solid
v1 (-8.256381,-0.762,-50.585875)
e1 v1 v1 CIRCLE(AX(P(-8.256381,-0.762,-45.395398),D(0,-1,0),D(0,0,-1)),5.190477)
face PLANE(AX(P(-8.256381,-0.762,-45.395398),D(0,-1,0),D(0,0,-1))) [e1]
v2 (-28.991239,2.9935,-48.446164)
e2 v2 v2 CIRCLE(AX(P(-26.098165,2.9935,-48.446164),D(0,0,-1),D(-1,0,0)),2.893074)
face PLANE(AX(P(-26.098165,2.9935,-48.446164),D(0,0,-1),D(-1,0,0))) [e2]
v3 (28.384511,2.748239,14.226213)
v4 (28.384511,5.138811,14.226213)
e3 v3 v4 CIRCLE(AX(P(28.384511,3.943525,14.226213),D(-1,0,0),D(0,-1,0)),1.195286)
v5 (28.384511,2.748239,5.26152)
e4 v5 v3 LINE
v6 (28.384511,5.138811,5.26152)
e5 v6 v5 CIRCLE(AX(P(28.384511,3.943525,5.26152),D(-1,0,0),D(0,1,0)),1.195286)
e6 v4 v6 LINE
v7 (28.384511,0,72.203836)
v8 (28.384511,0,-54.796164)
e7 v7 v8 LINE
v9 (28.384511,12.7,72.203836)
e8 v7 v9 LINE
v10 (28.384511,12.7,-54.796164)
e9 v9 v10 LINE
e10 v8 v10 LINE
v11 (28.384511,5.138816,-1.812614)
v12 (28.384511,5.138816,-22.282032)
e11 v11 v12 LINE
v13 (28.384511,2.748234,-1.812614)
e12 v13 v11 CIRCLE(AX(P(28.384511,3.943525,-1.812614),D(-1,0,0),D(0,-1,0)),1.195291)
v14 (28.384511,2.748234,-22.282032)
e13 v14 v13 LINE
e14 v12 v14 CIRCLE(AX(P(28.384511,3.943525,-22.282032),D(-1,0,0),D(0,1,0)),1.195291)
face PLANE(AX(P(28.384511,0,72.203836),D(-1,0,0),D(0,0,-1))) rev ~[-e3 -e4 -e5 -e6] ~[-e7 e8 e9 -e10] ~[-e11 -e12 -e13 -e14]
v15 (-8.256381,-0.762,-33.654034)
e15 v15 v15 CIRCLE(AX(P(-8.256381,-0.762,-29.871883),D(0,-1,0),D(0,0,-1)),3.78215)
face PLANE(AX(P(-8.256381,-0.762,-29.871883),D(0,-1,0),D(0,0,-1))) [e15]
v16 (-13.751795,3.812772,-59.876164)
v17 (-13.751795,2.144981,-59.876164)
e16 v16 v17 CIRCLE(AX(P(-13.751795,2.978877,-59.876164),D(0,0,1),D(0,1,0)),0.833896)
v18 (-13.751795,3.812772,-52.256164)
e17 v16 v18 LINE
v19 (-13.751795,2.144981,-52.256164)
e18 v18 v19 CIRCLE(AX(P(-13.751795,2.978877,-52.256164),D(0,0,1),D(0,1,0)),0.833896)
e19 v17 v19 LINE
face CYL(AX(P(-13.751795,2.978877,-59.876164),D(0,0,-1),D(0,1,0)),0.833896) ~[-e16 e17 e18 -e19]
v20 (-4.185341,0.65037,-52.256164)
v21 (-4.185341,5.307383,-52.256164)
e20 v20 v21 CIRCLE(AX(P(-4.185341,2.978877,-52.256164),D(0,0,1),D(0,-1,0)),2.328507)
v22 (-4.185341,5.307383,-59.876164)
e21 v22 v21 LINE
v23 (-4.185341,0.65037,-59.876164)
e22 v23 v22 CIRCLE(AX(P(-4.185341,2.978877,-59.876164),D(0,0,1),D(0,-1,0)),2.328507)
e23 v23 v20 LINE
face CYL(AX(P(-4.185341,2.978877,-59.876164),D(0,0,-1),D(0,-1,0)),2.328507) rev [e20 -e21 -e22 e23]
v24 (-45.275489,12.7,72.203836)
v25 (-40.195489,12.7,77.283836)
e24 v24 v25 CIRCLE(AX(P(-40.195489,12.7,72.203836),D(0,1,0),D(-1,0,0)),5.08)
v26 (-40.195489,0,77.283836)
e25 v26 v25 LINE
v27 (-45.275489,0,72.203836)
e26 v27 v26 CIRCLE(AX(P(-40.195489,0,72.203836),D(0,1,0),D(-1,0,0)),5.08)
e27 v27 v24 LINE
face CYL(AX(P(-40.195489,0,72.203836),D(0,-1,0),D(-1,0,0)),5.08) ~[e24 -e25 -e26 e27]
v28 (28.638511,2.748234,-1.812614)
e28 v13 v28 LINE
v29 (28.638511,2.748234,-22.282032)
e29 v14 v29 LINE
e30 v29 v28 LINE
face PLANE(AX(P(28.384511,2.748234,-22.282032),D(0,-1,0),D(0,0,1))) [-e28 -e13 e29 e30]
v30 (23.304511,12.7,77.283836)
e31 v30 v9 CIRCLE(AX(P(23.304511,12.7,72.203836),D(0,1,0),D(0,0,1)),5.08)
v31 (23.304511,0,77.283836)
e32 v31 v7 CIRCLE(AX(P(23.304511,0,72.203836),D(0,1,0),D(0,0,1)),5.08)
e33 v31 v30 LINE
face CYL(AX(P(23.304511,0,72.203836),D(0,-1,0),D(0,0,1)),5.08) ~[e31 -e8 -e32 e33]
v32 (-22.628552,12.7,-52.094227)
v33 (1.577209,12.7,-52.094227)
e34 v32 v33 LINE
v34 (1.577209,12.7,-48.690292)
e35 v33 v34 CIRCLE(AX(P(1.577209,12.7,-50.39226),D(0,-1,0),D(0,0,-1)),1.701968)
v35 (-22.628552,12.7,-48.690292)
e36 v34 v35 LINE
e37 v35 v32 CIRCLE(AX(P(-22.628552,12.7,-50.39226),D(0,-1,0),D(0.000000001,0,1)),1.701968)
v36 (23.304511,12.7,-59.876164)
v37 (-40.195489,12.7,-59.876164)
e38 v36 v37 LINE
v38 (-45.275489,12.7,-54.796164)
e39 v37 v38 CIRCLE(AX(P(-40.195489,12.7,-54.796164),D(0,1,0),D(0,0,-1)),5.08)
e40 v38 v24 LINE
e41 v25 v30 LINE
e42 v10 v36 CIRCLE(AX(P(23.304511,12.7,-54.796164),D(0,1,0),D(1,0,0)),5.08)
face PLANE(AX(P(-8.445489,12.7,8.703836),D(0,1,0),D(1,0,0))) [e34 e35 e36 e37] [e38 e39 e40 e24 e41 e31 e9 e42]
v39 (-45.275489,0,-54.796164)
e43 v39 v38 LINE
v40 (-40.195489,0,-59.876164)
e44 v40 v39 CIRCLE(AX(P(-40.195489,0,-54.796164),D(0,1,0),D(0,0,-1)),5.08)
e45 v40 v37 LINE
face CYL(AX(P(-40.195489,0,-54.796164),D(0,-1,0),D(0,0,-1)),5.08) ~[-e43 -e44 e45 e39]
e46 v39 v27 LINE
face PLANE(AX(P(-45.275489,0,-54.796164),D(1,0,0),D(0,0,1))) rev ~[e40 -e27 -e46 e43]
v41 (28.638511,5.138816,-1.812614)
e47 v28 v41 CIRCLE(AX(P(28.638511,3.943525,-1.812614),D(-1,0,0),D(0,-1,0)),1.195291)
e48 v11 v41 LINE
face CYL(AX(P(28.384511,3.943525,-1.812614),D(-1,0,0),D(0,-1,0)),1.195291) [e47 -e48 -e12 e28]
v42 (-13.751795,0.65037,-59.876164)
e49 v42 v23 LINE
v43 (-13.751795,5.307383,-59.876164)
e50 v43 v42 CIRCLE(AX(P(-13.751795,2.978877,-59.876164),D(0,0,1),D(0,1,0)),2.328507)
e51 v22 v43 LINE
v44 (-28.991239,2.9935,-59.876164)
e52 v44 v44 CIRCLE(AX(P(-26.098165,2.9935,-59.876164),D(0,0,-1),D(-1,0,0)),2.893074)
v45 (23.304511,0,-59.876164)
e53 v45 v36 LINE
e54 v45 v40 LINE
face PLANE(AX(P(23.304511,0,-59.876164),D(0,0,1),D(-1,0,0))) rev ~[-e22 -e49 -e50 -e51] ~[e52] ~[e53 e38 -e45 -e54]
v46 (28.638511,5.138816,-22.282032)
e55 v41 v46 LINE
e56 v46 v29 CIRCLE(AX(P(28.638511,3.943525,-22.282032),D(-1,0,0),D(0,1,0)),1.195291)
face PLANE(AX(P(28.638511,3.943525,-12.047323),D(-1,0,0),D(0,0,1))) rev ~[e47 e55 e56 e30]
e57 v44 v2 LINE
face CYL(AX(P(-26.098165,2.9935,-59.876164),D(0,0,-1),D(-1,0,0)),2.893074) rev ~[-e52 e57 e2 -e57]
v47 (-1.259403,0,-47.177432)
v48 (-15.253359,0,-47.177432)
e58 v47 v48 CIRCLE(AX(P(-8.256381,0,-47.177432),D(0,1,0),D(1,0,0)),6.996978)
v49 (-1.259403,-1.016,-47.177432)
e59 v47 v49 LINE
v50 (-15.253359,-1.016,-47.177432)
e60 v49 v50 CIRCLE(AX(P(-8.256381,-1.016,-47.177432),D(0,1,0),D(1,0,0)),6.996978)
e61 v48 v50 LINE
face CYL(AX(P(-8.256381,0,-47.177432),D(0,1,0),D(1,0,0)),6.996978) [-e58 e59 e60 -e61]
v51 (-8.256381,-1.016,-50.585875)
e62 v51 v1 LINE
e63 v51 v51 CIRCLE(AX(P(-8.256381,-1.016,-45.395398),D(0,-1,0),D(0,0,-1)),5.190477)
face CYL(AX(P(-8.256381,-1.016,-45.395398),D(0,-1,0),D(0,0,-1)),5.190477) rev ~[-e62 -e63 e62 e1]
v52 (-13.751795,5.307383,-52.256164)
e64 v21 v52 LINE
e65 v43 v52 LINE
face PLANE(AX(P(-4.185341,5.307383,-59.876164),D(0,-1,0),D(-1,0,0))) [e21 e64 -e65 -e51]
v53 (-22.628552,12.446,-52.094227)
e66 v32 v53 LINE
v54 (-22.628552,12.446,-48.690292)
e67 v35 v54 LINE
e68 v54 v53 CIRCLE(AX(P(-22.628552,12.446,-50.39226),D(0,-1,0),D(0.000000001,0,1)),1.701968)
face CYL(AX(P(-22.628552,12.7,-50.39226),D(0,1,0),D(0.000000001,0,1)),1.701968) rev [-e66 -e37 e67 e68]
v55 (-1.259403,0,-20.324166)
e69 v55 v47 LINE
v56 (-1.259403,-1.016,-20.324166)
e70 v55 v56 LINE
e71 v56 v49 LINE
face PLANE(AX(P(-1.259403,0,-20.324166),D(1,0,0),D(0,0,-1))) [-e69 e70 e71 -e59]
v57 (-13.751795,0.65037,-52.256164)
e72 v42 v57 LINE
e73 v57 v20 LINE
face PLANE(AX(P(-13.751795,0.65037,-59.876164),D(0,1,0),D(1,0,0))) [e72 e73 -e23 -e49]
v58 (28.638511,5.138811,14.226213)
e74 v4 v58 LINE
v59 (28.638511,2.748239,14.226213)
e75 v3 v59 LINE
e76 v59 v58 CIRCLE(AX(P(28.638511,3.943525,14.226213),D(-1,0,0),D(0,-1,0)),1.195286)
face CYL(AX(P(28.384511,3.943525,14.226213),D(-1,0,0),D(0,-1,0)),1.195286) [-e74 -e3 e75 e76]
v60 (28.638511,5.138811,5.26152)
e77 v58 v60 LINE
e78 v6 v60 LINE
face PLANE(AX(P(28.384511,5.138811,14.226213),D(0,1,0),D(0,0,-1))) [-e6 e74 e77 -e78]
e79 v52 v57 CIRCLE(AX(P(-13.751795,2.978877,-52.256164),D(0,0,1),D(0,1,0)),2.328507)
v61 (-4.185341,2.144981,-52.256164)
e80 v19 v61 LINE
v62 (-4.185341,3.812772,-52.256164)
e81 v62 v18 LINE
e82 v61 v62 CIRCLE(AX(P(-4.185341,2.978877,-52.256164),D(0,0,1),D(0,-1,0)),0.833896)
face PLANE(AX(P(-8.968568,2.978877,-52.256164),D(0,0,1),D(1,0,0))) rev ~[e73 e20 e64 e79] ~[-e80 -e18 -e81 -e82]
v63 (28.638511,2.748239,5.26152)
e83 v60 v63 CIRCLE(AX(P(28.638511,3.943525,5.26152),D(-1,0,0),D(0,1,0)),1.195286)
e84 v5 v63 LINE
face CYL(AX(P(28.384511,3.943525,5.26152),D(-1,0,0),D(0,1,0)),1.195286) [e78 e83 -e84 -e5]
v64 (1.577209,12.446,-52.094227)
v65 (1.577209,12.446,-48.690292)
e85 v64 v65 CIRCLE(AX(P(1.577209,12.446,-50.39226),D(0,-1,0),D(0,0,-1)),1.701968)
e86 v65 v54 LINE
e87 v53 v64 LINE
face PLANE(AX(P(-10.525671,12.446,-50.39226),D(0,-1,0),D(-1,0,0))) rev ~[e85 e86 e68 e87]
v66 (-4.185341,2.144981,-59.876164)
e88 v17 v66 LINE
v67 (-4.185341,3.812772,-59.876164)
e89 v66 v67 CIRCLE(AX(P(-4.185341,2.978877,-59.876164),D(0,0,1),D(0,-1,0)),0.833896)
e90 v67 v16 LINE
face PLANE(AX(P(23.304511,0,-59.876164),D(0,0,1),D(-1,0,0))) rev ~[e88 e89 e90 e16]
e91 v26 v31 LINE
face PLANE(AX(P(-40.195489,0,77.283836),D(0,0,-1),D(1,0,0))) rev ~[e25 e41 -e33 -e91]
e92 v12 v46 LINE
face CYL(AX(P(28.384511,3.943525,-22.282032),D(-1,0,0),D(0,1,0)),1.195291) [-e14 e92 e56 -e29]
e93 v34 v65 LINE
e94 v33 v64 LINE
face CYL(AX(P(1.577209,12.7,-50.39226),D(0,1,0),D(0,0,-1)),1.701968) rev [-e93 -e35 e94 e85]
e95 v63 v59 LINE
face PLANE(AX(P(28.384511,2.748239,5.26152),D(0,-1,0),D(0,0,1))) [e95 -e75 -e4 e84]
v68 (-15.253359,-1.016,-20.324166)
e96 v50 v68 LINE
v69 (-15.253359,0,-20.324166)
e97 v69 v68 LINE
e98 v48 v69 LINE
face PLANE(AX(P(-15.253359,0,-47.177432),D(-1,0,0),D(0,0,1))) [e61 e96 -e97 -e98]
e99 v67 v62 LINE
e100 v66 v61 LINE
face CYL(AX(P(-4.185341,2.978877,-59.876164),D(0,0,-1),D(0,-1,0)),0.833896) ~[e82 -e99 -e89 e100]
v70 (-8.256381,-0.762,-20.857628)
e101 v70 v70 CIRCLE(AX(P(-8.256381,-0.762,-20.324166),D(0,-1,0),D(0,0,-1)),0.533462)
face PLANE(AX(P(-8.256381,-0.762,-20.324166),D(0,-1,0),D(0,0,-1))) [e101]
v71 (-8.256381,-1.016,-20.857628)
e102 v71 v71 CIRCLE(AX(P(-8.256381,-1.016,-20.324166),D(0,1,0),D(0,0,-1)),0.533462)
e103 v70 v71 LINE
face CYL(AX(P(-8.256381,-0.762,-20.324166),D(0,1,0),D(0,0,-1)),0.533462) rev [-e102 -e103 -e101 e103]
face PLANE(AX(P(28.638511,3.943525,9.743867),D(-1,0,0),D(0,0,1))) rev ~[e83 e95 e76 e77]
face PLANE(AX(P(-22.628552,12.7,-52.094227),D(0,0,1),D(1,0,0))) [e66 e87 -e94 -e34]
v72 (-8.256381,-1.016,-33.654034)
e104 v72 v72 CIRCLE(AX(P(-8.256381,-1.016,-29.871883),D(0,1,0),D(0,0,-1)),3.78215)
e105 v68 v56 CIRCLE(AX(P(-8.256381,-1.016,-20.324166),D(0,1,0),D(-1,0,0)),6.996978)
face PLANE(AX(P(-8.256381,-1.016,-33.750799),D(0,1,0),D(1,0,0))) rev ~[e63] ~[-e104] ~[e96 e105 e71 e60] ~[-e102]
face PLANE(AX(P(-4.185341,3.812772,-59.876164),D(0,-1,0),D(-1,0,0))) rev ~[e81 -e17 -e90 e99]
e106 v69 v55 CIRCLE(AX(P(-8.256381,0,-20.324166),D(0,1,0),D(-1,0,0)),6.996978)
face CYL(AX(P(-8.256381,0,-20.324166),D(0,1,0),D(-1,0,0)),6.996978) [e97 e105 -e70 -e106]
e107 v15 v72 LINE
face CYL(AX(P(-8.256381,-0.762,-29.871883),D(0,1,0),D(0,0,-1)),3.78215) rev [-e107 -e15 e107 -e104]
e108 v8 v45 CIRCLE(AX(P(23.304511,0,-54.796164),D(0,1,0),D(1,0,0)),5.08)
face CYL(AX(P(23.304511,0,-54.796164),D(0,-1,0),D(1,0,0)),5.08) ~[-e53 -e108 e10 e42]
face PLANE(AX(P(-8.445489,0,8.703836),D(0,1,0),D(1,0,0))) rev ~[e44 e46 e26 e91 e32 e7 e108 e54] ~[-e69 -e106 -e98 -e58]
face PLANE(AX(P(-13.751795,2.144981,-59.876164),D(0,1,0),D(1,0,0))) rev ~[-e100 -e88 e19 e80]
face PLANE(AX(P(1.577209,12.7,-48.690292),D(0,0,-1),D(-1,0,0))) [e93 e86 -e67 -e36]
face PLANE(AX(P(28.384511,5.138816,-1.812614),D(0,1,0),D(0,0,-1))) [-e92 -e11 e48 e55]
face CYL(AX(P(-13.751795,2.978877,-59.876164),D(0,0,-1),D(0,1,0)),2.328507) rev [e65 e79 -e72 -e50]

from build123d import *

# Parameters (mm, degrees)
BOSS_EXTRUDE1_DEPTH     = 12.7
BOSS_EXTRUDE2_DEPTH     = 1.016
CUT_EXTRUDE2_DEPTH      = 0.254
CUT_EXTRUDE2_DEPTH_BACK = 0.254
SKETCH8_R               = 3.782150116
SKETCH8_R_2             = 0.533461952
SKETCH7_R               = 5.190476509
CUT_EXTRUDE3_DEPTH      = 0.254
CUT_EXTRUDE5_DEPTH      = 0.254
SKETCH13_R              = 2.893074104
CUT_EXTRUDE7_DEPTH      = 11.43
CUT_EXTRUDE8_DEPTH      = 7.62
BOSS_EXTRUDE3_DEPTH     = 0.254


with BuildPart() as part:
    # Sketch2 → Boss-Extrude1 (new body)
    with BuildSketch(Plane(origin=(0, 0, 0), x_dir=(1, 0, 0), z_dir=(0, 1, 0))):
        with BuildLine():
            Line((23.304511321, 59.876164022), (-40.195488679, 59.876164022))
            ThreePointArc((-40.195488679, 59.876164022), (-43.787591127, 58.388266471), (-45.275488679, 54.796164022))
            Line((-45.275488679, 54.796164022), (-45.275488679, -72.203835978))
            ThreePointArc((-45.275488679, -72.203835978), (-43.787591127, -75.795938426), (-40.195488679, -77.283835978))
            Line((-40.195488679, -77.283835978), (23.304511321, -77.283835978))
            ThreePointArc((23.304511321, -77.283835978), (26.89661377, -75.795938426), (28.384511321, -72.203835978))
            Line((28.384511321, -72.203835978), (28.384511321, 54.796164022))
            ThreePointArc((28.384511321, 54.796164022), (26.89661377, 58.388266471), (23.304511321, 59.876164022))
        make_face()
    extrude(amount=BOSS_EXTRUDE1_DEPTH)

    # Sketch5 → Boss-Extrude2 (add)
    with BuildSketch(Plane(origin=(0, 0, 0), x_dir=(-1, 0, 0), z_dir=(0, -1, 0))):
        with BuildLine():
            Line((1.259403459, 20.324166162), (1.259403459, 47.177431984))
            ThreePointArc((1.259403459, 47.177431984), (8.256381173, 54.174409699), (15.253358888, 47.177431984))
            Line((15.253358888, 47.177431984), (15.253358888, 20.324166162))
            ThreePointArc((15.253358888, 20.324166162), (8.256381173, 13.327188447), (1.259403459, 20.324166162))
        make_face()
    extrude(amount=BOSS_EXTRUDE2_DEPTH)

    # Sketch8 → Cut-Extrude2 (cut, two sides: drawn at the far end of the back side and taken through both)
    with BuildSketch(Plane(origin=(0, -1.016, 0), x_dir=(-1, 0, 0), z_dir=(0, -1, 0)).offset(-CUT_EXTRUDE2_DEPTH_BACK)):
        with Locations(Location((8.256381173, 29.871883473, 0), (0, 0, 90))):
            Circle(SKETCH8_R)
        with Locations(Location((8.256381173, 20.324166162, 0), (0, 0, 90))):
            Circle(SKETCH8_R_2)
    extrude(amount=CUT_EXTRUDE2_DEPTH + CUT_EXTRUDE2_DEPTH_BACK, mode=Mode.SUBTRACT)

    # Sketch7 → Cut-Extrude3 (cut)
    with BuildSketch(Plane(origin=(0, -1.016, 0), x_dir=(-1, 0, 0), z_dir=(0, -1, 0))):
        with Locations(Location((8.256381173, 45.395398439, 0), (0, 0, 90))):
            Circle(SKETCH7_R)
    extrude(amount=-CUT_EXTRUDE3_DEPTH, mode=Mode.SUBTRACT)

    # Sketch10 → Cut-Extrude5 (cut)
    with BuildSketch(Plane(origin=(0, 12.7, 0), x_dir=(1, 0, 0), z_dir=(0, 1, 0))):
        with BuildLine():
            Line((-22.628551613, 52.094227135), (1.577209128, 52.094227135))
            ThreePointArc((1.577209128, 52.094227135), (3.27917668, 50.392259583), (1.577209128, 48.690292031))
            Line((1.577209128, 48.690292031), (-22.628551613, 48.690292031))
            ThreePointArc((-22.628551613, 48.690292031), (-24.330519166, 50.392259583), (-22.628551613, 52.094227135))
        make_face()
    extrude(amount=-CUT_EXTRUDE5_DEPTH, mode=Mode.SUBTRACT)

    # Sketch13 → Cut-Extrude7 (cut)
    with BuildSketch(Plane(origin=(0, 0, -59.876164022), x_dir=(-1, 0, 0), z_dir=(0, 0, -1))):
        with Locations((26.098165184, 2.993499928)):
            Circle(SKETCH13_R)
    extrude(amount=-CUT_EXTRUDE7_DEPTH, mode=Mode.SUBTRACT)

    # Sketch14 → Cut-Extrude8 (cut)
    with BuildSketch(Plane(origin=(0, 0, -59.876164022), x_dir=(-1, 0, 0), z_dir=(0, 0, -1))):
        with BuildLine():
            Line((4.185340578, 5.307383364), (13.751795184, 5.307383364))
            ThreePointArc((13.751795184, 5.307383364), (16.080302046, 2.978876501), (13.751795184, 0.650369639))
            Line((13.751795184, 0.650369639), (4.185340578, 0.650369639))
            ThreePointArc((4.185340578, 0.650369639), (1.856833715, 2.978876501), (4.185340578, 5.307383364))
        make_face()
        with BuildLine():
            Line((4.185340578, 3.812772213), (13.751795184, 3.812772213))
            ThreePointArc((13.751795184, 3.812772213), (14.585690896, 2.978876501), (13.751795184, 2.144980789))
            Line((13.751795184, 2.144980789), (4.185340578, 2.144980789))
            ThreePointArc((4.185340578, 2.144980789), (3.351444866, 2.978876501), (4.185340578, 3.812772213))
        make_face(mode=Mode.SUBTRACT)
    extrude(amount=-CUT_EXTRUDE8_DEPTH, mode=Mode.SUBTRACT)

    # Sketch16 → Boss-Extrude3 (add)
    with BuildSketch(Plane(origin=(28.384511321, 0, 0), x_dir=(0, 0, -1), z_dir=(1, 0, 0))):
        with BuildLine():
            Line((1.812614233, 5.138816206), (22.282032337, 5.138816206))
            ThreePointArc((22.282032337, 5.138816206), (23.477323285, 3.943525258), (22.282032337, 2.748234309))
            Line((22.282032337, 2.748234309), (1.812614233, 2.748234309))
            ThreePointArc((1.812614233, 2.748234309), (0.617323285, 3.943525258), (1.812614233, 5.138816206))
        make_face()
        with BuildLine():
            Line((-14.226212683, 5.138811158), (-5.261520474, 5.138811158))
            ThreePointArc((-5.261520474, 5.138811158), (-4.066234574, 3.943525258), (-5.261520474, 2.748239358))
            Line((-5.261520474, 2.748239358), (-14.226212683, 2.748239358))
            ThreePointArc((-14.226212683, 2.748239358), (-15.421498583, 3.943525258), (-14.226212683, 5.138811158))
        make_face()
    extrude(amount=BOSS_EXTRUDE3_DEPTH)


solid = part.part
